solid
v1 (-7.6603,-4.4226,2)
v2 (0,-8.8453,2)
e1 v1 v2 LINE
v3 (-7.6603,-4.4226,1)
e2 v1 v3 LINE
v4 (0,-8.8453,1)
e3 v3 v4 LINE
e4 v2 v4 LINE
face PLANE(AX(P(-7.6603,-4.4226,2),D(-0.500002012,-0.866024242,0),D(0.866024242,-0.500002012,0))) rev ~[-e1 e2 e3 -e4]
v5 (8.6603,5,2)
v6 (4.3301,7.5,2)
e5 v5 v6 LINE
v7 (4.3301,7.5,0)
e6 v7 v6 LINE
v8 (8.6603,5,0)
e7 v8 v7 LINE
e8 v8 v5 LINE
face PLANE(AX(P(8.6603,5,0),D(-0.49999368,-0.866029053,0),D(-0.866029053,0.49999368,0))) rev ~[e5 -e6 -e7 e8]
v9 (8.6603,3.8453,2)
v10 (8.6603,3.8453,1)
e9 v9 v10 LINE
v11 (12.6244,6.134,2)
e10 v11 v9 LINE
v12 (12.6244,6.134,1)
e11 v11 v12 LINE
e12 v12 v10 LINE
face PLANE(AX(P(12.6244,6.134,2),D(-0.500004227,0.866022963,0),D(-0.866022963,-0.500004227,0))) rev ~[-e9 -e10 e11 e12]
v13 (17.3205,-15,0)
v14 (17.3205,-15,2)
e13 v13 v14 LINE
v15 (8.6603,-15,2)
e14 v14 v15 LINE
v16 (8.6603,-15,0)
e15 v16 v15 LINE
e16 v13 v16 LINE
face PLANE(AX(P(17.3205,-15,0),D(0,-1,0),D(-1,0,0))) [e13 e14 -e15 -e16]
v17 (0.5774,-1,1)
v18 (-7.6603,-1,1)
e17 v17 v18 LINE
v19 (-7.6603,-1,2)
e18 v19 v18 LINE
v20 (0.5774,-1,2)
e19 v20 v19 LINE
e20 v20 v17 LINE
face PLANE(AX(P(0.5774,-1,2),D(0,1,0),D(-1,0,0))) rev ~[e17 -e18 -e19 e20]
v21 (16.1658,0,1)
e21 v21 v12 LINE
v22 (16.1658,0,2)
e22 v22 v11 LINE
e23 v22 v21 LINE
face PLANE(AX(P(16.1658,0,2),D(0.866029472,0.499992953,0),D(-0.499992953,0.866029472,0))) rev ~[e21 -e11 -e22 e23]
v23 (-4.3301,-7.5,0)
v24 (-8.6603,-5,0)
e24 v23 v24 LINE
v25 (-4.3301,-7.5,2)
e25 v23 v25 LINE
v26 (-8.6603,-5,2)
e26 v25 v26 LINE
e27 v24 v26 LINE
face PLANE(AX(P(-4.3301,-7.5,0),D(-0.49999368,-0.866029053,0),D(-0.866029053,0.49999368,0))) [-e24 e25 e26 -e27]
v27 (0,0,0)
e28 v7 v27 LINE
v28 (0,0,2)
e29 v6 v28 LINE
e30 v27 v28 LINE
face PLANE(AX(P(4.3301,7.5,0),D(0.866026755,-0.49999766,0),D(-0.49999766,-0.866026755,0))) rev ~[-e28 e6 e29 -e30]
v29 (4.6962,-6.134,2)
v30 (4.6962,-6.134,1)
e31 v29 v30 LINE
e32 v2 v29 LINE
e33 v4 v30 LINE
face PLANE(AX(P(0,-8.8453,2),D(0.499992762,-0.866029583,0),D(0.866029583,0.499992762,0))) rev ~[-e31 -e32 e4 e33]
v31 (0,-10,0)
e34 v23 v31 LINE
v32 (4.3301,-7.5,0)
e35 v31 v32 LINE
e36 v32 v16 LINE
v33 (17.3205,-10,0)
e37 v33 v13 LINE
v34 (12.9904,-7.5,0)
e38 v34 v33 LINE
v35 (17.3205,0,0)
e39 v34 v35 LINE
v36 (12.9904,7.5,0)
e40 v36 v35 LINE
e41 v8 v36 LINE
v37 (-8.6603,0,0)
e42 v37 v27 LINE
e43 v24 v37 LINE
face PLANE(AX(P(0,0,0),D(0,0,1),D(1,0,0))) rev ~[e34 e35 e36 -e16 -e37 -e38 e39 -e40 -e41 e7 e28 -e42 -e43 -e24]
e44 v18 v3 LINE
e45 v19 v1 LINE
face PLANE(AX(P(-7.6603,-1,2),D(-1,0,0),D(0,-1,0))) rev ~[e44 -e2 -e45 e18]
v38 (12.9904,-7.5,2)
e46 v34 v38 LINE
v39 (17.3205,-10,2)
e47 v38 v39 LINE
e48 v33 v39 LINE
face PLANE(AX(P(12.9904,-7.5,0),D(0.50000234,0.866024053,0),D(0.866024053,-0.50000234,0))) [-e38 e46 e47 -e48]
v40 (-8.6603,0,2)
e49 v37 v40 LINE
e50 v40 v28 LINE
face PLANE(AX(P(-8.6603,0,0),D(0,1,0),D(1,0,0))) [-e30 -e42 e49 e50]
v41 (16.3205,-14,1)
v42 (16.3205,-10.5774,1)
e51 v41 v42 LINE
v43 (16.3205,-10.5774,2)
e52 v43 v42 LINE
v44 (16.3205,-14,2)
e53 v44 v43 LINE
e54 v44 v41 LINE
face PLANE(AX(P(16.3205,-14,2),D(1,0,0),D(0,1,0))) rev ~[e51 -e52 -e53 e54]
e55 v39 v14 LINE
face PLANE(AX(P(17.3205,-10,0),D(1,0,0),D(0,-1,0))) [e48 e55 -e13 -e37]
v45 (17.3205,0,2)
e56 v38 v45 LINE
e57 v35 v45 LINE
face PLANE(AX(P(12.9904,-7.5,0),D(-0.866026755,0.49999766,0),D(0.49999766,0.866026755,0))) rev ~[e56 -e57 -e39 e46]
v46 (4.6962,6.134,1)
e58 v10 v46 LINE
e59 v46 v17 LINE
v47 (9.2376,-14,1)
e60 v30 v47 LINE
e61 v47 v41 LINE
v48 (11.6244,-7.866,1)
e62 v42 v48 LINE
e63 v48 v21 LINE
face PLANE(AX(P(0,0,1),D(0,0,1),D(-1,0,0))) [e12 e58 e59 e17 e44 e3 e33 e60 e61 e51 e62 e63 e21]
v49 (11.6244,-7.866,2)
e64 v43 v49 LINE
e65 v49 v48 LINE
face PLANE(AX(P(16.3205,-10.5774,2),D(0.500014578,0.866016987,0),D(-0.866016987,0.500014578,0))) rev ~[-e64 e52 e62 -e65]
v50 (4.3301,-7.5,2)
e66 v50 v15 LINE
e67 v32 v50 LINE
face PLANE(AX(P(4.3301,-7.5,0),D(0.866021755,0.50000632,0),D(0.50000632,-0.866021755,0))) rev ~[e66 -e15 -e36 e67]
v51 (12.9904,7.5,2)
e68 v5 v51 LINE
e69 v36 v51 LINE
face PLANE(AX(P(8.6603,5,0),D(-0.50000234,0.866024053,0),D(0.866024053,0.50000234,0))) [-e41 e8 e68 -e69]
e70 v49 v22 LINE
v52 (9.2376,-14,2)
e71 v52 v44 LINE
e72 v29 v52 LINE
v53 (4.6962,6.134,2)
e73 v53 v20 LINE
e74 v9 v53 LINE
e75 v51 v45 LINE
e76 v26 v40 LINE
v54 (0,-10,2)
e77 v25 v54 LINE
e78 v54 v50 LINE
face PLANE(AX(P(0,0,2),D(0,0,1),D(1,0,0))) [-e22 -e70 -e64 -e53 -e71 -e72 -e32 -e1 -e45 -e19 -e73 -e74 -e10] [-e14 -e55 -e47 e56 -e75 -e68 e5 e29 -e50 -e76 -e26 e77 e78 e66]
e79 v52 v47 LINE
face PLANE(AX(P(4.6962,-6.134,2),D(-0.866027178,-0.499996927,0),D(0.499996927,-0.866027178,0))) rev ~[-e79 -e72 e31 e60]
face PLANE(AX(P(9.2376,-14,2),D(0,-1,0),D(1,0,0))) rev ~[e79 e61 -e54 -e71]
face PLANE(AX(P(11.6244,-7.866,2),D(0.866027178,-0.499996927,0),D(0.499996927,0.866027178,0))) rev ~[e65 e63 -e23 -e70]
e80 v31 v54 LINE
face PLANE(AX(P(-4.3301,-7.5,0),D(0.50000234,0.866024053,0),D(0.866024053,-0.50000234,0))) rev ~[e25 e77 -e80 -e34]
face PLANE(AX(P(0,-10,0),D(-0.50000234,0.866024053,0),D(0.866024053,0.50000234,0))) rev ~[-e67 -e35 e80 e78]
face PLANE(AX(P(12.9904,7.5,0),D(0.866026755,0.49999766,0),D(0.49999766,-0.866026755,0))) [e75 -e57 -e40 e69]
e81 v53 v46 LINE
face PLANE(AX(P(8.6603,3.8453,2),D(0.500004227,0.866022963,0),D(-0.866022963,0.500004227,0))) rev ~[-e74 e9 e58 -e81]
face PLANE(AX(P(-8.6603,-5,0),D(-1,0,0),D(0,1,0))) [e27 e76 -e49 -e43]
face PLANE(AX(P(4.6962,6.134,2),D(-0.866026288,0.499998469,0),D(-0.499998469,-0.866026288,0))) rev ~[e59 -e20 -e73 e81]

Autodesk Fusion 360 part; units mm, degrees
sketch "Sketch1" plane through (0, 0, 0) normal (0, 0, 1) x (1, 0, 0)
  line L0 (0, 0) -> (8.6603, 0)
  line L1 (8.6603, 0) -> (8.6603, 5)
  line L2 (8.6603, 5) -> (4.3301, 7.5)
  line L3 (4.3301, 7.5) -> (0, 0)
  line L4 (8.6603, 0) -> (8.6603, 5)
  line L5 (0, 0) -> (8.6603, 0)
  line L6 (4.3301, 7.5) -> (0, 0)
  line L7 (8.6603, 5) -> (4.3301, 7.5)
  line L8 (8.6603, 5) -> (12.9904, 7.5)
  line L9 (8.6603, 0) -> (8.6603, 5)
  line L10 (17.3205, 0) -> (8.6603, 0)
  line L11 (12.9904, 7.5) -> (17.3205, 0)
  line L12 (8.6603, 5) -> (12.9904, 7.5)
  line L13 (8.6603, 0) -> (8.6603, 5)
  line L14 (12.9904, 7.5) -> (17.3205, 0)
  line L15 (17.3205, 0) -> (8.6603, 0)
  line L16 (8.6603, -5) -> (4.3301, -7.5)
  line L17 (12.9904, -7.5) -> (17.3205, 0)
  line L18 (8.6603, 0) -> (8.6603, -5)
  line L19 (17.3205, 0) -> (8.6603, 0)
  line L20 (0, 0) -> (8.6603, 0)
  line L21 (0, 0) -> (8.6603, 0)
  line L22 (8.6603, 0) -> (8.6603, -5)
  line L23 (4.3301, -7.5) -> (0, 0)
  line L24 (8.6603, -5) -> (12.9904, -7.5)
  line L25 (17.3205, 0) -> (8.6603, 0)
  line L26 (12.9904, -7.5) -> (17.3205, 0)
  line L27 (8.6603, -5) -> (4.3301, -7.5)
  line L28 (4.3301, -7.5) -> (0, 0)
  line L29 (8.6603, -5) -> (12.9904, -7.5)
  line L30 (8.6603, 0) -> (8.6603, -5)
  line L31 (8.6603, 0) -> (8.6603, -5)
  line L32 (4.3301, -7.5) -> (0, 0)
  line L33 (-4.3301, -7.5) -> (0, -10)
  line L34 (-4.3301, -7.5) -> (-8.6603, -5)
  line L35 (0, -10) -> (4.3301, -7.5)
  line L36 (0, -10) -> (4.3301, -7.5)
  line L37 (-4.3301, -7.5) -> (-8.6603, -5)
  line L38 (4.3301, -7.5) -> (0, 0)
  line L39 (-4.3301, -7.5) -> (-8.6603, -5)
  line L40 (-8.6603, 0) -> (0, 0)
  line L41 (0, 0) -> (-4.3301, -7.5)
  line L42 (-8.6603, -5) -> (-8.6603, 0)
  line L43 (-8.6603, -5) -> (-8.6603, 0)
  line L44 (-4.3301, -7.5) -> (0, -10)
  line L45 (-4.3301, -7.5) -> (0, -10)
  line L46 (0, 0) -> (-4.3301, -7.5)
  line L47 (-4.3301, -7.5) -> (-8.6603, -5)
  line L48 (-8.6603, 0) -> (0, 0)
  line L49 (0, 0) -> (-4.3301, -7.5)
  line L50 (0, 0) -> (-4.3301, -7.5)
  line L51 (-4.3301, -7.5) -> (0, -10)
  line L52 (8.6603, -15) -> (12.9904, -7.5)
  line L53 (8.6603, -15) -> (12.9904, -7.5)
  line L54 (17.3205, -10) -> (17.3205, -15)
  line L55 (8.6603, -15) -> (12.9904, -7.5)
  line L56 (8.6603, -15) -> (12.9904, -7.5)
  line L57 (12.9904, -7.5) -> (8.6603, -5)
  line L58 (12.9904, -7.5) -> (8.6603, -5)
  line L59 (12.9904, -7.5) -> (8.6603, -5)
  line L60 (12.9904, -7.5) -> (8.6603, -5)
  line L61 (12.9904, -7.5) -> (17.3205, -10)
  line L62 (17.3205, -10) -> (17.3205, -15)
  line L63 (12.9904, -7.5) -> (17.3205, -10)
  line L64 (4.3301, -7.5) -> (8.6603, -15)
  line L65 (4.3301, -7.5) -> (8.6603, -15)
  line L66 (12.9904, -7.5) -> (17.3205, -10)
  line L67 (17.3205, -15) -> (8.6603, -15)
  line L68 (12.9904, -7.5) -> (17.3205, -10)
  line L69 (8.6603, -5) -> (4.3301, -7.5)
  line L70 (4.3301, -7.5) -> (8.6603, -15)
  line L71 (17.3205, -15) -> (8.6603, -15)
  line L72 (8.6603, -5) -> (4.3301, -7.5)
  line L73 (4.3301, -7.5) -> (8.6603, -15)
  point P0 (17.3205, 0)
  point P1 (17.3205, 0)
  point P2 (17.3205, 0)
  point P3 (17.3205, 0)
  point P4 (8.6603, -15)
  point P5 (8.6603, -15)
  point P6 (8.6603, -15)
  point P7 (8.6603, -15)
  point P8 (8.6603, -15)
  point P9 (8.6603, -15)
  point P10 (8.6603, -15)
  point P11 (8.6603, -15)
  point P12 (8.6603, -15)
  point P13 (8.6603, -15)
  point P14 (8.6603, -15)
  point P15 (8.6603, -15)
  point P16 (8.6603, -15)
  point P17 (8.6603, -15)
  dimension "d1" = 5
  dimension "d3" = 60
  dimension "d5" = 5
  dimension "d6" = 60
extrude "Extrude1" add sketch "Sketch1" along normal blind 2
sketch "Sketch2" plane through (0, 0, 2) normal (0, 0, 1) x (-1, 0, 0)
  line L0 (8.6603, 5) -> (0, 10)
  line L1 (0, 10) -> (-4.3301, 7.5)
  line L2 (-4.3301, 7.5) -> (-8.6603, 15)
  line L3 (-8.6603, 15) -> (-17.3205, 15)
  line L4 (-17.3205, 15) -> (-17.3205, 10)
  line L5 (-17.3205, 10) -> (-12.9904, 7.5)
  line L6 (-12.9904, 7.5) -> (-17.3205, 0)
  line L7 (-17.3205, 0) -> (-12.9904, -7.5)
  line L8 (-12.9904, -7.5) -> (-8.6603, -5)
  line L9 (-8.6603, -5) -> (-4.3301, -7.5)
  line L10 (-4.3301, -7.5) -> (0, 0)
  line L11 (0, 0) -> (8.6603, 0)
  line L12 (8.6603, 0) -> (8.6603, 5)
  line L13 (-0.5774, 1) -> (7.6603, 1)
  line L14 (7.6603, 1) -> (7.6603, 4.4226)
  line L15 (7.6603, 4.4226) -> (0, 8.8453)
  line L16 (0, 8.8453) -> (-4.6962, 6.134)
  line L17 (-4.6962, 6.134) -> (-9.2376, 14)
  line L18 (-9.2376, 14) -> (-16.3205, 14)
  line L19 (-16.3205, 14) -> (-16.3205, 10.5774)
  line L20 (-16.3205, 10.5774) -> (-11.6244, 7.866)
  line L21 (-11.6244, 7.866) -> (-16.1658, 0)
  line L22 (-16.1658, 0) -> (-12.6244, -6.134)
  line L23 (-12.6244, -6.134) -> (-8.6603, -3.8453)
  line L24 (-8.6603, -3.8453) -> (-4.6962, -6.134)
  line L25 (-4.6962, -6.134) -> (-0.5774, 1)
  dimension "d9" = -1
extrude "Extrude2" cut sketch "Sketch2" against normal blind 1 contours L13 L14 L15 L16 L17 L18 L19 L20 L21 L22 L23 L24 L25
